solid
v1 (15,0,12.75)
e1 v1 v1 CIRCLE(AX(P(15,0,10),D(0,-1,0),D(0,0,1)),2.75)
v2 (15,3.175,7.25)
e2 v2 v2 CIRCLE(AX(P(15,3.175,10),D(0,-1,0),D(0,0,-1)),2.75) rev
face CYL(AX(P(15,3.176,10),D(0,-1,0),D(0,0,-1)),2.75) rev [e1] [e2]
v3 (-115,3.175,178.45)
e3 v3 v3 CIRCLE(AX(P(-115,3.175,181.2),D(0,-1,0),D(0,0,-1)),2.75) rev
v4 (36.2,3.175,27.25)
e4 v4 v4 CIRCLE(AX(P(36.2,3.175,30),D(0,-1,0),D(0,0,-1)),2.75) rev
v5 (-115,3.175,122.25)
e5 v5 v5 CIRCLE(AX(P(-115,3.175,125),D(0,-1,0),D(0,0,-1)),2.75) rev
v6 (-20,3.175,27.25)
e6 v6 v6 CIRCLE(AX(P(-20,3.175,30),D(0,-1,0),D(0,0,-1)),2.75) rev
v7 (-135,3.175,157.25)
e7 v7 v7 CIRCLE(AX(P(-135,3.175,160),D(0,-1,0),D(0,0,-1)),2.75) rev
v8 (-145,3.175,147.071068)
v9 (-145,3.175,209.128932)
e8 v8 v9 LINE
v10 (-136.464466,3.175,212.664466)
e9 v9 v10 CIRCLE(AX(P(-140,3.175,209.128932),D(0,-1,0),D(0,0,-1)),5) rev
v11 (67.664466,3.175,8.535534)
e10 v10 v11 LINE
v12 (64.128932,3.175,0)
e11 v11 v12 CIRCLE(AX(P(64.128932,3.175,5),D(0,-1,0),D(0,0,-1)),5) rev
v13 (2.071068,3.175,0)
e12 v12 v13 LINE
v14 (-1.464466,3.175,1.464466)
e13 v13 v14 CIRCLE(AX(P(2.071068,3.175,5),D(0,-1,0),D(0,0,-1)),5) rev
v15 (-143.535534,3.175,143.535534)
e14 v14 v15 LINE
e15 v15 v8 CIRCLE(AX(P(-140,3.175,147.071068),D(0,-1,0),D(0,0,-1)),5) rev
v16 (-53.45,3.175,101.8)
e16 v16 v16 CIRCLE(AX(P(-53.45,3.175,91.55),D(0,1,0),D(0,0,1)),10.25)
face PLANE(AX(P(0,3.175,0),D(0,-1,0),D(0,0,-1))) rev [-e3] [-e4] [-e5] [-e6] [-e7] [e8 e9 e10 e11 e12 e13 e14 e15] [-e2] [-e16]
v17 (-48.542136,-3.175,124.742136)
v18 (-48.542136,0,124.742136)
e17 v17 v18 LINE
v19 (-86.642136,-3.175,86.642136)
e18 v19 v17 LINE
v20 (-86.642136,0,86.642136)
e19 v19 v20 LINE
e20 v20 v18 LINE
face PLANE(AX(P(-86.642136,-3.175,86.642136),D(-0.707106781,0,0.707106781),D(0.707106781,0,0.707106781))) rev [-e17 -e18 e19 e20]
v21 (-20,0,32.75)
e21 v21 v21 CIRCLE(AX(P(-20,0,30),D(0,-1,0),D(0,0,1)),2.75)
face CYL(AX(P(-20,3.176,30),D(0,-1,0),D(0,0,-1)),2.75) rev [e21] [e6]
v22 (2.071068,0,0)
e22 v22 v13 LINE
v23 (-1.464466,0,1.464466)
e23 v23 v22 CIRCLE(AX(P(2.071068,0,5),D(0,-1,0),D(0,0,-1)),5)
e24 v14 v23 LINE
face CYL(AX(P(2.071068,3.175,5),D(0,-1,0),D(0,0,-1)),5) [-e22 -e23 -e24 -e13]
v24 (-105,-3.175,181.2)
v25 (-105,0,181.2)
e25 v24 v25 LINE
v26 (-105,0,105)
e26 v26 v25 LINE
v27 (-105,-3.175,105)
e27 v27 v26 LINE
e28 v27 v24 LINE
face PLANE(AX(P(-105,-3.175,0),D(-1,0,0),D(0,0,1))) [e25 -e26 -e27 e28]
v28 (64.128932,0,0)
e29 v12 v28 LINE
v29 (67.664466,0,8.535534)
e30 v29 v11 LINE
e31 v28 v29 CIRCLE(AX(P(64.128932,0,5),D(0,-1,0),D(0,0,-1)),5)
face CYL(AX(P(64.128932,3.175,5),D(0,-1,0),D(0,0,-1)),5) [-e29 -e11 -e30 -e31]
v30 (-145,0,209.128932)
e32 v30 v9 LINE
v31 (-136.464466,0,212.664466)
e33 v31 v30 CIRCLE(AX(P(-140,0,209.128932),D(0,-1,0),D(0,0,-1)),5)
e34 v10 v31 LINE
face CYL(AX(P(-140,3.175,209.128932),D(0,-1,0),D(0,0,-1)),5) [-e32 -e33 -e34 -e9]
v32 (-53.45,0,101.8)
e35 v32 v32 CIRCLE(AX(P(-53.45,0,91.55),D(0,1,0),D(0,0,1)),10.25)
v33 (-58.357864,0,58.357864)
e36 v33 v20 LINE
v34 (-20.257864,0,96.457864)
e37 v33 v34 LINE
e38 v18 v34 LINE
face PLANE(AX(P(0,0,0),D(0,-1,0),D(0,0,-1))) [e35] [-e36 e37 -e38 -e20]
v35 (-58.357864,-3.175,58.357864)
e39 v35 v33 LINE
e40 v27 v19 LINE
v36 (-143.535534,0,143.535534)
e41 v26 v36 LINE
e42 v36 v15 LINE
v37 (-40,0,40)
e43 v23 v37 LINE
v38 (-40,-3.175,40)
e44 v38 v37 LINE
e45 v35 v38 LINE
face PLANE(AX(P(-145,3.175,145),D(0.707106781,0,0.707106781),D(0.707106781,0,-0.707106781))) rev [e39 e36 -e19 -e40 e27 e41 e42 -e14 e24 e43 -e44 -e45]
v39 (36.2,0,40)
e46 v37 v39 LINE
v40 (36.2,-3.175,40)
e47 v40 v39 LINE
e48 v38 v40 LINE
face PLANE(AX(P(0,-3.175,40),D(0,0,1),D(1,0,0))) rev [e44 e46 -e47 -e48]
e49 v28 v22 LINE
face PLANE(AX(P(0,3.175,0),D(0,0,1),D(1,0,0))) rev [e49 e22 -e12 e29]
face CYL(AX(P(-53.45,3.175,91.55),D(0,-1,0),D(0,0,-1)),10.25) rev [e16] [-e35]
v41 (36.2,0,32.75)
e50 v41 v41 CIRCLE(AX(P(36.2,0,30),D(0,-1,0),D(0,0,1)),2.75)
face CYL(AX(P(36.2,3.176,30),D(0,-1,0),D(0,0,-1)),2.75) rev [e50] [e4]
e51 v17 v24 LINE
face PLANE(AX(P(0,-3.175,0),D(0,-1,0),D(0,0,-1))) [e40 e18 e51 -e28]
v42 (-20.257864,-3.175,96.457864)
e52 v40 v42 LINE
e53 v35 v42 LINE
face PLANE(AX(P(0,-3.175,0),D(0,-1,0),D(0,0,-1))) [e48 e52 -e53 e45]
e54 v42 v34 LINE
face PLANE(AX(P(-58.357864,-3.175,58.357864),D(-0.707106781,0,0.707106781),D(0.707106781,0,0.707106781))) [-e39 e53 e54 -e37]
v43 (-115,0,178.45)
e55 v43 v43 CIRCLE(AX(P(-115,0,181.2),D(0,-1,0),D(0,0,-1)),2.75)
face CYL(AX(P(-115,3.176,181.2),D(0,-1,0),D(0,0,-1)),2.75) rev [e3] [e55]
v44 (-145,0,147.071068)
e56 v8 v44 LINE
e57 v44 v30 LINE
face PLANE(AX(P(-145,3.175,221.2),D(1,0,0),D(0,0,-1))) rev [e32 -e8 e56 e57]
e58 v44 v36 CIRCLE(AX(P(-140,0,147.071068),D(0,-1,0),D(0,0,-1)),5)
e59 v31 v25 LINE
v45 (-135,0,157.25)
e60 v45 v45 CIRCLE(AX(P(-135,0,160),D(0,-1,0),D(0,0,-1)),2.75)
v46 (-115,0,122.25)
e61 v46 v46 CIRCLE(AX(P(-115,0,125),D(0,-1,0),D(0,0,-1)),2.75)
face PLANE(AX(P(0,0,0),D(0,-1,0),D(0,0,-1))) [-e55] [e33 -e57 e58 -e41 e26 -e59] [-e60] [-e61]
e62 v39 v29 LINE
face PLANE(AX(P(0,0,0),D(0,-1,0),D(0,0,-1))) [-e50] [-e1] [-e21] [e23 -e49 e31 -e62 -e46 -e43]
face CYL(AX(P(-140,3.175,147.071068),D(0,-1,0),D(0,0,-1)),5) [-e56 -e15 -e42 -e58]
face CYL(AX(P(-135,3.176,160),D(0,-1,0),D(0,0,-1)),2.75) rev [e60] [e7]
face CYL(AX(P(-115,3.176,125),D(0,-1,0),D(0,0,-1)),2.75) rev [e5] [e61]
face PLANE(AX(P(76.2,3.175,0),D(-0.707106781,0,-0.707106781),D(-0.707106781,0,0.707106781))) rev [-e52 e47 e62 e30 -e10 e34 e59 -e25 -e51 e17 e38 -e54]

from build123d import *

# Parameters (mm, degrees)
SKETCH1_R           = 10.25
BOSS_EXTRUDE1_DEPTH = 3.175
BOSS_EXTRUDE2_DEPTH = 3.175
FILLET1_R           = 5
CUT_EXTRUDE1_REACH  = 260.624
SKETCH3_R           = 2.75


with BuildPart() as part:
    # Sketch1 → Boss-Extrude1 (new body)
    with BuildSketch(Plane(origin=(0, 0, 0), x_dir=(1, 0, 0), z_dir=(0, 1, 0))):
        Polygon((0, 0), (76.2, 0), (-145, -221.2), (-145, -145), align=None)
        with Locations(Location((-53.45, -91.55, 0), (0, 0, 270))):
            Circle(SKETCH1_R, mode=Mode.SUBTRACT)
    extrude(amount=BOSS_EXTRUDE1_DEPTH)

    # Sketch2 → Boss-Extrude2 (add)
    with BuildSketch(Plane.XZ):
        Polygon((-20.257864376, 96.457864376), (-58.357864376, 58.357864376), (-40, 40), (36.2, 40), align=None)
        Polygon((-105, 105), (-86.642135624, 86.642135624), (-48.542135624, 124.742135624), (-105, 181.2), align=None)
    extrude(amount=BOSS_EXTRUDE2_DEPTH)

    # Fillet1
    fillet1_edges = [part.edges().sort_by_distance(p)[0] for p in [
        (0, 1.5875, 0),
        (76.2, 1.5875, 0),
        (-145, 1.5875, 221.2),
        (-145, 1.5875, 145),
    ]]
    fillet(fillet1_edges, radius=FILLET1_R)

    # Sketch3 → Cut-Extrude1 (cut, up to next)
    with BuildSketch(Plane(origin=(0, 0, 0), x_dir=(-1, 0, 0), z_dir=(0, -1, 0)), mode=Mode.PRIVATE) as cut_extrude1_sk1:
        with Locations(Location((115, -125, 0), (0, 0, 90))):
            Circle(SKETCH3_R)
    cut_extrude1_tool1 = extrude(cut_extrude1_sk1.sketch, amount=-CUT_EXTRUDE1_REACH, mode=Mode.PRIVATE) & part.part
    # Sketch3 → Cut-Extrude1 (cut, up to next)
    with BuildSketch(Plane(origin=(0, 0, 0), x_dir=(-1, 0, 0), z_dir=(0, -1, 0)), mode=Mode.PRIVATE) as cut_extrude1_sk2:
        with Locations(Location((115, -181.2, 0), (0, 0, 90))):
            Circle(SKETCH3_R)
    cut_extrude1_tool2 = extrude(cut_extrude1_sk2.sketch, amount=-CUT_EXTRUDE1_REACH, mode=Mode.PRIVATE) & part.part
    # Sketch3 → Cut-Extrude1 (cut, up to next)
    with BuildSketch(Plane(origin=(0, 0, 0), x_dir=(-1, 0, 0), z_dir=(0, -1, 0)), mode=Mode.PRIVATE) as cut_extrude1_sk3:
        with Locations(Location((135, -160, 0), (0, 0, 90))):
            Circle(SKETCH3_R)
    cut_extrude1_tool3 = extrude(cut_extrude1_sk3.sketch, amount=-CUT_EXTRUDE1_REACH, mode=Mode.PRIVATE) & part.part
    # Sketch3 → Cut-Extrude1 (cut, up to next)
    with BuildSketch(Plane(origin=(0, 0, 0), x_dir=(-1, 0, 0), z_dir=(0, -1, 0)), mode=Mode.PRIVATE) as cut_extrude1_sk4:
        with Locations(Location((-15, -10, 0), (0, 0, 90))):
            Circle(SKETCH3_R)
    cut_extrude1_tool4 = extrude(cut_extrude1_sk4.sketch, amount=-CUT_EXTRUDE1_REACH, mode=Mode.PRIVATE) & part.part
    # Sketch3 → Cut-Extrude1 (cut, up to next)
    with BuildSketch(Plane(origin=(0, 0, 0), x_dir=(-1, 0, 0), z_dir=(0, -1, 0)), mode=Mode.PRIVATE) as cut_extrude1_sk5:
        with Locations(Location((-36.2, -30, 0), (0, 0, 90))):
            Circle(SKETCH3_R)
    cut_extrude1_tool5 = extrude(cut_extrude1_sk5.sketch, amount=-CUT_EXTRUDE1_REACH, mode=Mode.PRIVATE) & part.part
    # Sketch3 → Cut-Extrude1 (cut, up to next)
    with BuildSketch(Plane(origin=(0, 0, 0), x_dir=(-1, 0, 0), z_dir=(0, -1, 0)), mode=Mode.PRIVATE) as cut_extrude1_sk6:
        with Locations(Location((20, -30, 0), (0, 0, 90))):
            Circle(SKETCH3_R)
    cut_extrude1_tool6 = extrude(cut_extrude1_sk6.sketch, amount=-CUT_EXTRUDE1_REACH, mode=Mode.PRIVATE) & part.part
    add(cut_extrude1_tool1.solids().sort_by_distance((-115, 0, 125))[0], mode=Mode.SUBTRACT)
    add(cut_extrude1_tool2.solids().sort_by_distance((-115, 0, 181.2))[0], mode=Mode.SUBTRACT)
    add(cut_extrude1_tool3.solids().sort_by_distance((-135, 0, 160))[0], mode=Mode.SUBTRACT)
    add(cut_extrude1_tool4.solids().sort_by_distance((15, 0, 10))[0], mode=Mode.SUBTRACT)
    add(cut_extrude1_tool5.solids().sort_by_distance((36.2, 0, 30))[0], mode=Mode.SUBTRACT)
    add(cut_extrude1_tool6.solids().sort_by_distance((-20, 0, 30))[0], mode=Mode.SUBTRACT)


solid = part.part
